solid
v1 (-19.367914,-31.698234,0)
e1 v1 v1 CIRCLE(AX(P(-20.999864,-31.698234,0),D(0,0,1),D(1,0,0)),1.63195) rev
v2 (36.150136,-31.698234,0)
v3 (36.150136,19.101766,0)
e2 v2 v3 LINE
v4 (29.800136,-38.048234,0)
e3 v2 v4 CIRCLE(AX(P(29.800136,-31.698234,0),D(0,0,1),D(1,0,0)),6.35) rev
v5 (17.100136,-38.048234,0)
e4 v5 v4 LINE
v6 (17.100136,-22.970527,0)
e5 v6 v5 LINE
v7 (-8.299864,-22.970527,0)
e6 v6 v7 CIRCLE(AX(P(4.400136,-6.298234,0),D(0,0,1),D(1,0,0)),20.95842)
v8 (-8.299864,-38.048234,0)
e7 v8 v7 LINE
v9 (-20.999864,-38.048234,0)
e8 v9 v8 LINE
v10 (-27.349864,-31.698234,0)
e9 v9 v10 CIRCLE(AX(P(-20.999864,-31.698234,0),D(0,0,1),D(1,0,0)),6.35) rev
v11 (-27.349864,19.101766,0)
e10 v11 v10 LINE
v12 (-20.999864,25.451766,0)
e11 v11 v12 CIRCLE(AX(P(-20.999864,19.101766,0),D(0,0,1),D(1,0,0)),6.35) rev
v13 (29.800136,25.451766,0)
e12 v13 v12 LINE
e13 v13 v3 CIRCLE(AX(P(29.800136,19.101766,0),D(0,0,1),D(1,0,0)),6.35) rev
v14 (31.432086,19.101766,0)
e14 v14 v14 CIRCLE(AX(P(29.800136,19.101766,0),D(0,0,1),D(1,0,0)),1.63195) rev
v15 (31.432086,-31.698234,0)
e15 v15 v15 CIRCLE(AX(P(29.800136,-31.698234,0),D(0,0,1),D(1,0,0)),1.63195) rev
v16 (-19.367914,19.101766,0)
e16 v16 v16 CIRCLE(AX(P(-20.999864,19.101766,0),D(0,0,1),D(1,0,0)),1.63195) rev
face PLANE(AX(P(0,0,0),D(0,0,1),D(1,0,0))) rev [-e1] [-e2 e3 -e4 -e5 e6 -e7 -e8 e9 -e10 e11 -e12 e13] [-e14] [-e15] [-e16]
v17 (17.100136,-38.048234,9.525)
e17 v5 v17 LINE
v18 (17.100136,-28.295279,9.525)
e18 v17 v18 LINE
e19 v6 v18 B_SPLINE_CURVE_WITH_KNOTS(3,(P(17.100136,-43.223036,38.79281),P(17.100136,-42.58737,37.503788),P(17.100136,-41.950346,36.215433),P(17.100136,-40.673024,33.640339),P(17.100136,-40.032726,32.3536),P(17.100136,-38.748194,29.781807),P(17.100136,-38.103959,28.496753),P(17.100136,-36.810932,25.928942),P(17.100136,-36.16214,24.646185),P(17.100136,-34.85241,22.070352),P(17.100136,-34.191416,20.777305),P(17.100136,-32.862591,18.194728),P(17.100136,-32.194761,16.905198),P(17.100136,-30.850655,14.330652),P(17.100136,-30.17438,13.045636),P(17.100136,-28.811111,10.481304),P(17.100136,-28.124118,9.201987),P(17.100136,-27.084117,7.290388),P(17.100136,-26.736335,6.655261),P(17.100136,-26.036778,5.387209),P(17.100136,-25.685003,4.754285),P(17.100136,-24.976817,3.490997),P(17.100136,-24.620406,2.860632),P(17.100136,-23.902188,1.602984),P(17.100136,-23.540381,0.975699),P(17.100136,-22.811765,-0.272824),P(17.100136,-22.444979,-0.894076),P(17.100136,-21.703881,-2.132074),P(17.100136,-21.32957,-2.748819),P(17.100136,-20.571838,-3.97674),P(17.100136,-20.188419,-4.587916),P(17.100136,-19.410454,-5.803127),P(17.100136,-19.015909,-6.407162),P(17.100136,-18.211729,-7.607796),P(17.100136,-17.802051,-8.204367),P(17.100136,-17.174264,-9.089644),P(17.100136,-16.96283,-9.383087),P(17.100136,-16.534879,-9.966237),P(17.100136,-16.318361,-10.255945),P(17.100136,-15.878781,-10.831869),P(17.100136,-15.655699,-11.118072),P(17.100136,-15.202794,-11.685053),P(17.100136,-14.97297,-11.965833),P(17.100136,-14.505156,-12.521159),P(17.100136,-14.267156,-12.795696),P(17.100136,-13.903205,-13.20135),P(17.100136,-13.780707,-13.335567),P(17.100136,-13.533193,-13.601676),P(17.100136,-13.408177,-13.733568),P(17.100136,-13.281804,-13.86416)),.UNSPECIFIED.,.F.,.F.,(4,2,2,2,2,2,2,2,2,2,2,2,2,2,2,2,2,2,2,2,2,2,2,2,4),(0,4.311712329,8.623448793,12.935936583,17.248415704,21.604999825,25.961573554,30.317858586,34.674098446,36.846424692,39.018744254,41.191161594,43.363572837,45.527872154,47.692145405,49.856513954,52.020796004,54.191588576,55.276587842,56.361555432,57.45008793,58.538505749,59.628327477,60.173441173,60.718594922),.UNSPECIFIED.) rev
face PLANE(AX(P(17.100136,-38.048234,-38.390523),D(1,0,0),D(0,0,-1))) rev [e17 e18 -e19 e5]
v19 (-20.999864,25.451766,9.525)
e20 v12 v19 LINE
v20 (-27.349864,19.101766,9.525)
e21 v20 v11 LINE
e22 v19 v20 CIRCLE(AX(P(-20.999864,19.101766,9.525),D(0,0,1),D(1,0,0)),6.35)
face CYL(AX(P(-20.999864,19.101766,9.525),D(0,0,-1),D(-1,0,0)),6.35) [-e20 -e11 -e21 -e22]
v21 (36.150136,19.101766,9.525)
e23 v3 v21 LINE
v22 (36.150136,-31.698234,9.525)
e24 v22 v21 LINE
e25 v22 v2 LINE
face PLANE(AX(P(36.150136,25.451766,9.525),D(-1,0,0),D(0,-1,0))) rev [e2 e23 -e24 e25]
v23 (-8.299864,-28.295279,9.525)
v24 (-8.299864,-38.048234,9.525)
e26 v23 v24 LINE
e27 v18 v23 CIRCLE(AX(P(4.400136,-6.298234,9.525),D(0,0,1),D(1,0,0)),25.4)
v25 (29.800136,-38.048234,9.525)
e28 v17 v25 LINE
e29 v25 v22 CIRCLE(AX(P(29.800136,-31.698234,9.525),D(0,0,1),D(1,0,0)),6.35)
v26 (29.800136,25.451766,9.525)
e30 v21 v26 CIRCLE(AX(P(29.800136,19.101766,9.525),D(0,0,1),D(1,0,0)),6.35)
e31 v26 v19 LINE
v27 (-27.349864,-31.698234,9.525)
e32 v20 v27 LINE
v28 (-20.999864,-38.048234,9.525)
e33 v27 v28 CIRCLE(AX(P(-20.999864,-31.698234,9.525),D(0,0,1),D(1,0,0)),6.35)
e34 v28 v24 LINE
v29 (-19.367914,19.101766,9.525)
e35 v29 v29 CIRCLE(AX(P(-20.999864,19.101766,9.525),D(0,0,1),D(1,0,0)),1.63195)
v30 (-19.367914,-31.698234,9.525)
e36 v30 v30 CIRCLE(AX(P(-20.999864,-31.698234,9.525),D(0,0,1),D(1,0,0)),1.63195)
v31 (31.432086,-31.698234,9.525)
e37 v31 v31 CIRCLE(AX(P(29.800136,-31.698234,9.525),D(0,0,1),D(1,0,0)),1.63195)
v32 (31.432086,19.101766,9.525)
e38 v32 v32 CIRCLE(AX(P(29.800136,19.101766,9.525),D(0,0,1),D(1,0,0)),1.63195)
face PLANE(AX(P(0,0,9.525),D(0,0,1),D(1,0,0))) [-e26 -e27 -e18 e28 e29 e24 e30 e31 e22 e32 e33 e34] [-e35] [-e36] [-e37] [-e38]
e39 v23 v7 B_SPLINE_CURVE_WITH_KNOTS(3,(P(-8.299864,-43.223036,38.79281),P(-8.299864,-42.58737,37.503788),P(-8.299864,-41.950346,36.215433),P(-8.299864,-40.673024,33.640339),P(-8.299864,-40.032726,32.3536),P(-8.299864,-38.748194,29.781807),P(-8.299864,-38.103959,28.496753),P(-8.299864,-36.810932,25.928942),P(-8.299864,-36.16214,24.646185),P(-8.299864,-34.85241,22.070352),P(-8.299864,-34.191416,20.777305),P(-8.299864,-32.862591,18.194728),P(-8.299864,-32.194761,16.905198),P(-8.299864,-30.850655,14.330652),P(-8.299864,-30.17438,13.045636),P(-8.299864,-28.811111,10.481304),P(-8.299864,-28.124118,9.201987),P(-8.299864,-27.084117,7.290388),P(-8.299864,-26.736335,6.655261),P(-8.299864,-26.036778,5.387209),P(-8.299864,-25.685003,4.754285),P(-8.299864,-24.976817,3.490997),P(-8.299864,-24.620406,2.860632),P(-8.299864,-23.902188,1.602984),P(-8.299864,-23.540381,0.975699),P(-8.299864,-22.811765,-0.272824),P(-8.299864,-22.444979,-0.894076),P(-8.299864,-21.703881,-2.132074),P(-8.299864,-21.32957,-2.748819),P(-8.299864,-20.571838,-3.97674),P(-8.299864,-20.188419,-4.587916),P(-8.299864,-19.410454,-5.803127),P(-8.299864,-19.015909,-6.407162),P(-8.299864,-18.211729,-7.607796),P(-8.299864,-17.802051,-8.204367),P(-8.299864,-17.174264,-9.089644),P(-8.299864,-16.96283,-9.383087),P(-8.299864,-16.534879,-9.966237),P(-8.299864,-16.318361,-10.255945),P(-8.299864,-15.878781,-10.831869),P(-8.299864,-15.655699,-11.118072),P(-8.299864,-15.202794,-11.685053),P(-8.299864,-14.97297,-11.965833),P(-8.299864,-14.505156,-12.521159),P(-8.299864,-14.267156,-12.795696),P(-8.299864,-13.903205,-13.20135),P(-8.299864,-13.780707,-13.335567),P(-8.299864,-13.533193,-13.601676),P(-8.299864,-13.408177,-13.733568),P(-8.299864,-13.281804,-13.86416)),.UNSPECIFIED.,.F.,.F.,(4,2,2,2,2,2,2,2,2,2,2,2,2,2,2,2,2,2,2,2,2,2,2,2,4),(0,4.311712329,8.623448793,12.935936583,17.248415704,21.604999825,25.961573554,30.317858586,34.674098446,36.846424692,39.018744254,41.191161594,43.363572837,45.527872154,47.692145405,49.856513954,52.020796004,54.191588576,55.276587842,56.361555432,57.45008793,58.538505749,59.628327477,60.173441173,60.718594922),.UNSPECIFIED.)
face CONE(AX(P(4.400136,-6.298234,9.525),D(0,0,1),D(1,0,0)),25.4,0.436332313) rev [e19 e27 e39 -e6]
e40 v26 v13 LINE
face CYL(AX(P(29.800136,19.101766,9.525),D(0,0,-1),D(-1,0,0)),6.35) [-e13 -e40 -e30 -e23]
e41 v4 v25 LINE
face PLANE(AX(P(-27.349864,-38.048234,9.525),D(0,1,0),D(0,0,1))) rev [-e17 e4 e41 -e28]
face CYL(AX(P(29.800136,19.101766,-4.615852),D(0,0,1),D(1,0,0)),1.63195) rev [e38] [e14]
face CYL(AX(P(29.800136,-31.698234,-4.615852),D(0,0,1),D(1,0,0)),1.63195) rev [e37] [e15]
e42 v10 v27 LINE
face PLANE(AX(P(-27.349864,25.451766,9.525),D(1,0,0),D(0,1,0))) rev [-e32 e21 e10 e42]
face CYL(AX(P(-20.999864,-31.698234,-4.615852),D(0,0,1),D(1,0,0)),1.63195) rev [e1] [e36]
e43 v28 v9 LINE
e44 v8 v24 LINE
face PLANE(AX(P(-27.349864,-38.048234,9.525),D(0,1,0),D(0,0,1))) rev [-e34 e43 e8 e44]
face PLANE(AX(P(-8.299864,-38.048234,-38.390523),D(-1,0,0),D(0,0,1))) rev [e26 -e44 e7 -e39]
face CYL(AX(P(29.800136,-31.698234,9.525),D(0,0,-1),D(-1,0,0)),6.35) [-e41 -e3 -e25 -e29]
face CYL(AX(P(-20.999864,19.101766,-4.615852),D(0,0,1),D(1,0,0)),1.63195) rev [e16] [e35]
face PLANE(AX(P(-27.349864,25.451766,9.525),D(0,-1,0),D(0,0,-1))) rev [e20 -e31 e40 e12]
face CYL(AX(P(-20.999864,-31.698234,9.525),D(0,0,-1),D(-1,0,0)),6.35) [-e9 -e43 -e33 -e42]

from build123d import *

# Parameters (mm, degrees)
SKETCH1_W           = 63.5
SKETCH1_H           = 63.5
BOSS_EXTRUDE1_DEPTH = 9.525
SKETCH2_R           = 25.4
CUT_EXTRUDE1_DEPTH  = 12.7
CUT_EXTRUDE1_DRAFT  = -25
SKETCH3_W           = 25.4
SKETCH3_H           = 28.786668085
CUT_EXTRUDE2_DEPTH  = 9.525
SKETCH4_R           = 1.63195
CUT_EXTRUDE3_DEPTH  = 9.525
FILLET1_R           = 6.35
FILLET2_R           = 6.35


with BuildPart() as part:
    # Sketch1 → Boss-Extrude1 (new body)
    with BuildSketch(Plane.XY):
        with Locations((4.40013587, -6.298233696)):
            Rectangle(SKETCH1_W, SKETCH1_H)
    extrude(amount=BOSS_EXTRUDE1_DEPTH)


with BuildPart() as cut_extrude1_tool:
    # Sketch2 → Cut-Extrude1 (with draft: the straight prism first)
    with BuildSketch(Plane.XY.offset(9.525)):
        with Locations((4.40013587, -6.298233696)):
            Circle(SKETCH2_R)
    extrude(amount=-CUT_EXTRUDE1_DEPTH)
    # Cut-Extrude1: the draft: its side faces are tilted about the plane it starts from
    cut_extrude1_sides = [cut_extrude1_tool.faces().sort_by_distance(p)[0] for p in [
        (-20.99986413, -6.298233696, 3.175),
    ]]
    draft(cut_extrude1_sides, Plane.XY.offset(9.525), CUT_EXTRUDE1_DRAFT)


with BuildPart() as part_1:
    add(part.part)

    # Cut-Extrude1: cut by cut_extrude1_tool
    add(cut_extrude1_tool.part, mode=Mode.SUBTRACT)

    # Sketch3 → Cut-Extrude2 (cut)
    with BuildSketch(Plane.XY.offset(9.525)):
        with Locations((4.40013587, -23.654899654)):
            Rectangle(SKETCH3_W, SKETCH3_H)
    extrude(amount=-CUT_EXTRUDE2_DEPTH, mode=Mode.SUBTRACT)

    # Sketch4 → Cut-Extrude3 (cut)
    with BuildSketch(Plane.XY.offset(9.525)):
        with Locations((-20.99986413, 19.101766304)):
            Circle(SKETCH4_R)
        with Locations((29.80013587, 19.101766304)):
            Circle(SKETCH4_R)
        with Locations((29.80013587, -31.698233696)):
            Circle(SKETCH4_R)
        with Locations((-20.99986413, -31.698233696)):
            Circle(SKETCH4_R)
    extrude(amount=-CUT_EXTRUDE3_DEPTH, mode=Mode.SUBTRACT)

    # Fillet1
    fillet1_edges = [part_1.edges().sort_by_distance(p)[0] for p in [
        (-27.34986413, 25.451766304, 4.7625),
        (36.15013587, 25.451766304, 4.7625),
        (-27.34986413, -38.048233696, 4.7625),
    ]]
    fillet(fillet1_edges, radius=FILLET1_R)

    # Fillet2
    fillet2_edges = [part_1.edges().sort_by_distance(p)[0] for p in [
        (36.15013587, -38.048233696, 4.7625),
    ]]
    fillet(fillet2_edges, radius=FILLET2_R)


solid = part_1.part
